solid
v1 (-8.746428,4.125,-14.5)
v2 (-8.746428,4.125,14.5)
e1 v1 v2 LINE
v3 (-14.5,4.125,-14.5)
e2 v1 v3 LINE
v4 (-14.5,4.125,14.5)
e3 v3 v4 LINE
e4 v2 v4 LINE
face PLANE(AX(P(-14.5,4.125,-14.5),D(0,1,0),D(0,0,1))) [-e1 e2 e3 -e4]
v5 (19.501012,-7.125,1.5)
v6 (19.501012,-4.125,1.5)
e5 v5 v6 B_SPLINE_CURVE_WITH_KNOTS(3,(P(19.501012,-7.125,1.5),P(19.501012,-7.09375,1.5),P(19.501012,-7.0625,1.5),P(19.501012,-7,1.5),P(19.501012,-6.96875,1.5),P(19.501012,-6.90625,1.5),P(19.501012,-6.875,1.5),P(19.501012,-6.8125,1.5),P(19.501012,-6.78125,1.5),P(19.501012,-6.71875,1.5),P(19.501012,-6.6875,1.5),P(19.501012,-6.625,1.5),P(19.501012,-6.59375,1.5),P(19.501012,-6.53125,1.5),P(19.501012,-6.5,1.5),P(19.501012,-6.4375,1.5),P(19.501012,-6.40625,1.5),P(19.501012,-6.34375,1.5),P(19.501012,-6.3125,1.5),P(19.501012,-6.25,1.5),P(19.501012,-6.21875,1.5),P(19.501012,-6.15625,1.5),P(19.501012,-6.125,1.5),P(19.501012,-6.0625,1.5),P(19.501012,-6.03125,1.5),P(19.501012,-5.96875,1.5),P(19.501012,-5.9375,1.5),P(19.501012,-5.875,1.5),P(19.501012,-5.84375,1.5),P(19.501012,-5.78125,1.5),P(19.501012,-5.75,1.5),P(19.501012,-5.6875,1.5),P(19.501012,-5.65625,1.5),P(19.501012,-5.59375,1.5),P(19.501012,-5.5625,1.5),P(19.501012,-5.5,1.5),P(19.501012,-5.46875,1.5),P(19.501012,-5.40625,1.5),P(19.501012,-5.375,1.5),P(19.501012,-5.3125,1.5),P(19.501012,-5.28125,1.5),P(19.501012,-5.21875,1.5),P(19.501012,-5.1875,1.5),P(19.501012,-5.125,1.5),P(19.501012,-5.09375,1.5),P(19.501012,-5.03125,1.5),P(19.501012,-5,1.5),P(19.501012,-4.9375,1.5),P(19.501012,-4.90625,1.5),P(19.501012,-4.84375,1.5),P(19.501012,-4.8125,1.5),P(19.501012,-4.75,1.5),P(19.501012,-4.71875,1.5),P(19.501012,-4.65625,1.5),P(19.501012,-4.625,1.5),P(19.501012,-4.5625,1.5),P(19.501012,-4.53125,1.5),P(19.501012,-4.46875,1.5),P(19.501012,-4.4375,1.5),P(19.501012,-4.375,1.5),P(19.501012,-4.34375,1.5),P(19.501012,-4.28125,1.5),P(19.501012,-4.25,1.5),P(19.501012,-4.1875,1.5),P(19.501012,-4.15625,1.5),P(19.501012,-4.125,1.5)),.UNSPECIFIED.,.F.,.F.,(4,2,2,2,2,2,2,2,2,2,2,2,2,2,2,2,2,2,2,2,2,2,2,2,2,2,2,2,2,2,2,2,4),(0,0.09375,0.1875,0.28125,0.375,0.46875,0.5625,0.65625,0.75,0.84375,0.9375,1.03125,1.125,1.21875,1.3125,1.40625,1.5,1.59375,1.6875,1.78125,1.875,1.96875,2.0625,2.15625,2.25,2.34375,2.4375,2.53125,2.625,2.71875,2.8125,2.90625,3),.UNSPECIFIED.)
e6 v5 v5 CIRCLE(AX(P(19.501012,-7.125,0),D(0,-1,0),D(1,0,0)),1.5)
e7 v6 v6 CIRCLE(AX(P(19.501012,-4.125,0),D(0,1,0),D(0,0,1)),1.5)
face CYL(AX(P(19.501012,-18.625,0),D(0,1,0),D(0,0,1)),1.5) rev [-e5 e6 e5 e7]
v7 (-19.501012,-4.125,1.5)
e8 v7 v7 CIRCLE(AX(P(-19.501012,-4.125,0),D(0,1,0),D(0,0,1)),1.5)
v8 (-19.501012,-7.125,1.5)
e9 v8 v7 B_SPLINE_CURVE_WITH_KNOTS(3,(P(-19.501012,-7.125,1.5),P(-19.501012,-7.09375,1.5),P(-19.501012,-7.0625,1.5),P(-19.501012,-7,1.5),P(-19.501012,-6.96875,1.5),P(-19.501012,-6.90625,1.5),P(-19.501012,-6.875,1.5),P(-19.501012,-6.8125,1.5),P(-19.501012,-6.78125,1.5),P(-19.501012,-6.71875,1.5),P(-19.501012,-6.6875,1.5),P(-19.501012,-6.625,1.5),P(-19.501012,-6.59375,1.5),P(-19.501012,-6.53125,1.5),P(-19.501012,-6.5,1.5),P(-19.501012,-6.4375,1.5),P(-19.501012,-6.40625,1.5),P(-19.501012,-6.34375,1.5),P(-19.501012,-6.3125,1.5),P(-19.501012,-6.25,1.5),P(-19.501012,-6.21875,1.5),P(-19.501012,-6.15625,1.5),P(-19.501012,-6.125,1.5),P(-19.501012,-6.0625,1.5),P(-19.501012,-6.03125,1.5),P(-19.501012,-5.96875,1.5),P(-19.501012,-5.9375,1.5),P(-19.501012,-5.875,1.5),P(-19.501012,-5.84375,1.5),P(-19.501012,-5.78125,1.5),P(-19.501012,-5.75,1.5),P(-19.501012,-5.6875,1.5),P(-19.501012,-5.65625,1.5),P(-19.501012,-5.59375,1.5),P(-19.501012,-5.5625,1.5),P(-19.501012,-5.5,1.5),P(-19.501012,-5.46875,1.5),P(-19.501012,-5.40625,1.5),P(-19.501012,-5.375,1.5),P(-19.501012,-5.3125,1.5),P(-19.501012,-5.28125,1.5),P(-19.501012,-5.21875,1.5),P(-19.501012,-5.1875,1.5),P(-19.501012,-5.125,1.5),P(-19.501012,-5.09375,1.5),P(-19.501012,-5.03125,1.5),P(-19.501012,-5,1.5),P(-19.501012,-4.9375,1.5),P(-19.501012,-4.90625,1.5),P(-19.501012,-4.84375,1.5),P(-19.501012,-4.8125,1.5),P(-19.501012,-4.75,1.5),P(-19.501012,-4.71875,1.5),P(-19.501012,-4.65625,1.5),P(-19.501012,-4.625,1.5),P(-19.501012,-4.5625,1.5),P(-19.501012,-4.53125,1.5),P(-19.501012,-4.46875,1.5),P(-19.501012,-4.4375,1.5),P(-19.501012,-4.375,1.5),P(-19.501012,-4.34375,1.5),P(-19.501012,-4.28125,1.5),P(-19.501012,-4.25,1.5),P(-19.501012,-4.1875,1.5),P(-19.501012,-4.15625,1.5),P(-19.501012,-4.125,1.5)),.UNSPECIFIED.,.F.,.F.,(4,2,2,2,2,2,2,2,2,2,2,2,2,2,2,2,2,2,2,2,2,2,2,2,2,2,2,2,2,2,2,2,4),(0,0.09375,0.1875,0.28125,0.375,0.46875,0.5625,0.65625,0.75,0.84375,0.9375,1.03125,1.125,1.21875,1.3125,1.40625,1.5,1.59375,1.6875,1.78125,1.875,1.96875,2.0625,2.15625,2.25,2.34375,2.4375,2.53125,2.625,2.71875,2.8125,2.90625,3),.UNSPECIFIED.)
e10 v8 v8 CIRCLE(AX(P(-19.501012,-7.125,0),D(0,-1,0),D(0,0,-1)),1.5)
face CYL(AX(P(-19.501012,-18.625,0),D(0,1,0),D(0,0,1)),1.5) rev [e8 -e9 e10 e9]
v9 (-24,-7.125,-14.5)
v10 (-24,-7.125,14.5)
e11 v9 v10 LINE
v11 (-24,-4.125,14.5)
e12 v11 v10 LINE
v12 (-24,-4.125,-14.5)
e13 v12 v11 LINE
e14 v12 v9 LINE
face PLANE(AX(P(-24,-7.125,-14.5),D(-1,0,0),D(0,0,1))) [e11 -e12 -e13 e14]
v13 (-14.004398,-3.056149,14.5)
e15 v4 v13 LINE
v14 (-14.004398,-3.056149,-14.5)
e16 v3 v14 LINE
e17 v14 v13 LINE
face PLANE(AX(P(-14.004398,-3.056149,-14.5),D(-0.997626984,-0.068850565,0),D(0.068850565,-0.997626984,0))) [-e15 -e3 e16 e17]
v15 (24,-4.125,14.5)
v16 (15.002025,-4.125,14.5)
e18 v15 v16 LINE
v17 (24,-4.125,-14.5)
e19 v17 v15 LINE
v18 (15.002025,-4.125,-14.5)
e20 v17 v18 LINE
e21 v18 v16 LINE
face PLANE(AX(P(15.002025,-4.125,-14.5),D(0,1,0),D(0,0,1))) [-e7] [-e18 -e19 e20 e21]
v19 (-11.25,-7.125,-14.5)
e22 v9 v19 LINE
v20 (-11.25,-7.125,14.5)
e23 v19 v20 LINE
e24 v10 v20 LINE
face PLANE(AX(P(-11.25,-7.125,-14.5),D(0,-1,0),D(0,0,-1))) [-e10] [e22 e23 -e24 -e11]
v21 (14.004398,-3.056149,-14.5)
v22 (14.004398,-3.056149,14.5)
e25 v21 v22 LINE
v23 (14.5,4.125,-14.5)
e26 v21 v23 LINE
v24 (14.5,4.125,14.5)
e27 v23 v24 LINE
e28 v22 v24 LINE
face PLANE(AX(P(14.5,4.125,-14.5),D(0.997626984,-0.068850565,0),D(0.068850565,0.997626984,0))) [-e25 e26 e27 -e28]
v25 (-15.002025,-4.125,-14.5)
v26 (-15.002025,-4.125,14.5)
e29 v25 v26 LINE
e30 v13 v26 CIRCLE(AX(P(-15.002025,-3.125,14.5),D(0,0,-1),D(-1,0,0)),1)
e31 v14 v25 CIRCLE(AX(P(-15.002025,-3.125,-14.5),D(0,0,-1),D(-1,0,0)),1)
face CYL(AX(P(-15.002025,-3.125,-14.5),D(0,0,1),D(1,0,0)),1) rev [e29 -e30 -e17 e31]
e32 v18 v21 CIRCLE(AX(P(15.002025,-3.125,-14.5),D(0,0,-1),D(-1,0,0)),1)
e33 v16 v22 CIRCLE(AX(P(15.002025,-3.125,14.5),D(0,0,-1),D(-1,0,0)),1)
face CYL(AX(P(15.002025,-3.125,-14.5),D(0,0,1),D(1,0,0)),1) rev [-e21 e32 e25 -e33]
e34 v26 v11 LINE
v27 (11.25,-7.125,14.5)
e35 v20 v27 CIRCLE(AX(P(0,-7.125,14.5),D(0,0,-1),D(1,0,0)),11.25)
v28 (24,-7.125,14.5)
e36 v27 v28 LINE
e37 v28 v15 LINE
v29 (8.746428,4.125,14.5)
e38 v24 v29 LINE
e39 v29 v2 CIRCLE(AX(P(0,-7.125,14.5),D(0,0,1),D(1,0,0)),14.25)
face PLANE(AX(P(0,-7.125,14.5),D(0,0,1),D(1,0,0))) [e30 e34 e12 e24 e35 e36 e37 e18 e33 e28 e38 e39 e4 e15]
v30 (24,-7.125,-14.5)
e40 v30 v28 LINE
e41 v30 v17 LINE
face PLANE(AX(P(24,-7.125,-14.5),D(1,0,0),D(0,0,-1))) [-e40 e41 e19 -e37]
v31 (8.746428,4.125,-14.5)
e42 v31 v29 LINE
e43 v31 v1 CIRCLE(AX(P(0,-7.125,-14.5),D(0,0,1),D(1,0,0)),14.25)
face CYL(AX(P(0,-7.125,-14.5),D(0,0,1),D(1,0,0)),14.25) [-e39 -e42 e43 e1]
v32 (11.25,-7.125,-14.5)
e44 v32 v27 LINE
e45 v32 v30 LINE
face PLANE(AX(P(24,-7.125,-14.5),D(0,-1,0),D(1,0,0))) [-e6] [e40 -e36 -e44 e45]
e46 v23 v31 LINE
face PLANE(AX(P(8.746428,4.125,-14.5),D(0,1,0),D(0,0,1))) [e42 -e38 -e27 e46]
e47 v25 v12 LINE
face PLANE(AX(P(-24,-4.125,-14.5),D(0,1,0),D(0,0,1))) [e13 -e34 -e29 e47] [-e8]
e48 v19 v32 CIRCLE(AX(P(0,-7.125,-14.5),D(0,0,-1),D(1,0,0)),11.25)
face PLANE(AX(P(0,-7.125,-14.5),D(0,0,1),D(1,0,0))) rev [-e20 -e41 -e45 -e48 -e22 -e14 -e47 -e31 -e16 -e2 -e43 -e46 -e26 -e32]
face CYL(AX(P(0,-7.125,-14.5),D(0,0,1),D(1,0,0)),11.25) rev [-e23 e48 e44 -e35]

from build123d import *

# Parameters (mm, degrees)
BOSS_EXTRUDE1_DEPTH      = 14.5
BOSS_EXTRUDE1_DEPTH_BACK = 14.5
SKETCH2_R                = 1.5
CUT_EXTRUDE1_DEPTH       = 14.5


with BuildPart() as part:
    # Sketch1 → Boss-Extrude1 (new, two sides: drawn at the far end of the back side and taken through both)
    with BuildSketch(Plane.XY.offset(-BOSS_EXTRUDE1_DEPTH_BACK)):
        with BuildLine():
            Line((-11.25, -7.125), (-20, -7.125))
            Line((-20, -7.125), (-24, -7.125))
            Line((-24, -7.125), (-24, -4.125))
            Line((-24, -4.125), (-20, -4.125))
            Line((-20, -4.125), (-15.002024714, -4.125))
            ThreePointArc((-15.002024714, -4.125), (-14.270980746, -3.807330358), (-14.004397729, -3.056149435))
            Line((-14.004397729, -3.056149435), (-14.5, 4.125))
            Line((-14.5, 4.125), (-8.746427842, 4.125))
            ThreePointArc((-8.746427842, 4.125), (0, 7.125), (8.746427842, 4.125))
            Line((8.746427842, 4.125), (14.5, 4.125))
            Line((14.5, 4.125), (14.004397729, -3.056149435))
            ThreePointArc((14.004397729, -3.056149435), (14.270980746, -3.807330358), (15.002024714, -4.125))
            Line((15.002024714, -4.125), (20, -4.125))
            Line((20, -4.125), (24, -4.125))
            Line((24, -4.125), (24, -7.125))
            Line((24, -7.125), (20, -7.125))
            Line((20, -7.125), (11.25, -7.125))
            ThreePointArc((11.25, -7.125), (0, 4.125), (-11.25, -7.125))
        make_face()
    extrude(amount=BOSS_EXTRUDE1_DEPTH + BOSS_EXTRUDE1_DEPTH_BACK)

    # Sketch2 → Cut-Extrude1 (cut)
    with BuildSketch(Plane(origin=(0, -4.125, 0), x_dir=(1, 0, 0), z_dir=(0, 1, 0))):
        with Locations((-19.501012357, 0)):
            Circle(SKETCH2_R)
        with Locations((19.501012357, 0)):
            Circle(SKETCH2_R)
    extrude(amount=-CUT_EXTRUDE1_DEPTH, mode=Mode.SUBTRACT)


solid = part.part
